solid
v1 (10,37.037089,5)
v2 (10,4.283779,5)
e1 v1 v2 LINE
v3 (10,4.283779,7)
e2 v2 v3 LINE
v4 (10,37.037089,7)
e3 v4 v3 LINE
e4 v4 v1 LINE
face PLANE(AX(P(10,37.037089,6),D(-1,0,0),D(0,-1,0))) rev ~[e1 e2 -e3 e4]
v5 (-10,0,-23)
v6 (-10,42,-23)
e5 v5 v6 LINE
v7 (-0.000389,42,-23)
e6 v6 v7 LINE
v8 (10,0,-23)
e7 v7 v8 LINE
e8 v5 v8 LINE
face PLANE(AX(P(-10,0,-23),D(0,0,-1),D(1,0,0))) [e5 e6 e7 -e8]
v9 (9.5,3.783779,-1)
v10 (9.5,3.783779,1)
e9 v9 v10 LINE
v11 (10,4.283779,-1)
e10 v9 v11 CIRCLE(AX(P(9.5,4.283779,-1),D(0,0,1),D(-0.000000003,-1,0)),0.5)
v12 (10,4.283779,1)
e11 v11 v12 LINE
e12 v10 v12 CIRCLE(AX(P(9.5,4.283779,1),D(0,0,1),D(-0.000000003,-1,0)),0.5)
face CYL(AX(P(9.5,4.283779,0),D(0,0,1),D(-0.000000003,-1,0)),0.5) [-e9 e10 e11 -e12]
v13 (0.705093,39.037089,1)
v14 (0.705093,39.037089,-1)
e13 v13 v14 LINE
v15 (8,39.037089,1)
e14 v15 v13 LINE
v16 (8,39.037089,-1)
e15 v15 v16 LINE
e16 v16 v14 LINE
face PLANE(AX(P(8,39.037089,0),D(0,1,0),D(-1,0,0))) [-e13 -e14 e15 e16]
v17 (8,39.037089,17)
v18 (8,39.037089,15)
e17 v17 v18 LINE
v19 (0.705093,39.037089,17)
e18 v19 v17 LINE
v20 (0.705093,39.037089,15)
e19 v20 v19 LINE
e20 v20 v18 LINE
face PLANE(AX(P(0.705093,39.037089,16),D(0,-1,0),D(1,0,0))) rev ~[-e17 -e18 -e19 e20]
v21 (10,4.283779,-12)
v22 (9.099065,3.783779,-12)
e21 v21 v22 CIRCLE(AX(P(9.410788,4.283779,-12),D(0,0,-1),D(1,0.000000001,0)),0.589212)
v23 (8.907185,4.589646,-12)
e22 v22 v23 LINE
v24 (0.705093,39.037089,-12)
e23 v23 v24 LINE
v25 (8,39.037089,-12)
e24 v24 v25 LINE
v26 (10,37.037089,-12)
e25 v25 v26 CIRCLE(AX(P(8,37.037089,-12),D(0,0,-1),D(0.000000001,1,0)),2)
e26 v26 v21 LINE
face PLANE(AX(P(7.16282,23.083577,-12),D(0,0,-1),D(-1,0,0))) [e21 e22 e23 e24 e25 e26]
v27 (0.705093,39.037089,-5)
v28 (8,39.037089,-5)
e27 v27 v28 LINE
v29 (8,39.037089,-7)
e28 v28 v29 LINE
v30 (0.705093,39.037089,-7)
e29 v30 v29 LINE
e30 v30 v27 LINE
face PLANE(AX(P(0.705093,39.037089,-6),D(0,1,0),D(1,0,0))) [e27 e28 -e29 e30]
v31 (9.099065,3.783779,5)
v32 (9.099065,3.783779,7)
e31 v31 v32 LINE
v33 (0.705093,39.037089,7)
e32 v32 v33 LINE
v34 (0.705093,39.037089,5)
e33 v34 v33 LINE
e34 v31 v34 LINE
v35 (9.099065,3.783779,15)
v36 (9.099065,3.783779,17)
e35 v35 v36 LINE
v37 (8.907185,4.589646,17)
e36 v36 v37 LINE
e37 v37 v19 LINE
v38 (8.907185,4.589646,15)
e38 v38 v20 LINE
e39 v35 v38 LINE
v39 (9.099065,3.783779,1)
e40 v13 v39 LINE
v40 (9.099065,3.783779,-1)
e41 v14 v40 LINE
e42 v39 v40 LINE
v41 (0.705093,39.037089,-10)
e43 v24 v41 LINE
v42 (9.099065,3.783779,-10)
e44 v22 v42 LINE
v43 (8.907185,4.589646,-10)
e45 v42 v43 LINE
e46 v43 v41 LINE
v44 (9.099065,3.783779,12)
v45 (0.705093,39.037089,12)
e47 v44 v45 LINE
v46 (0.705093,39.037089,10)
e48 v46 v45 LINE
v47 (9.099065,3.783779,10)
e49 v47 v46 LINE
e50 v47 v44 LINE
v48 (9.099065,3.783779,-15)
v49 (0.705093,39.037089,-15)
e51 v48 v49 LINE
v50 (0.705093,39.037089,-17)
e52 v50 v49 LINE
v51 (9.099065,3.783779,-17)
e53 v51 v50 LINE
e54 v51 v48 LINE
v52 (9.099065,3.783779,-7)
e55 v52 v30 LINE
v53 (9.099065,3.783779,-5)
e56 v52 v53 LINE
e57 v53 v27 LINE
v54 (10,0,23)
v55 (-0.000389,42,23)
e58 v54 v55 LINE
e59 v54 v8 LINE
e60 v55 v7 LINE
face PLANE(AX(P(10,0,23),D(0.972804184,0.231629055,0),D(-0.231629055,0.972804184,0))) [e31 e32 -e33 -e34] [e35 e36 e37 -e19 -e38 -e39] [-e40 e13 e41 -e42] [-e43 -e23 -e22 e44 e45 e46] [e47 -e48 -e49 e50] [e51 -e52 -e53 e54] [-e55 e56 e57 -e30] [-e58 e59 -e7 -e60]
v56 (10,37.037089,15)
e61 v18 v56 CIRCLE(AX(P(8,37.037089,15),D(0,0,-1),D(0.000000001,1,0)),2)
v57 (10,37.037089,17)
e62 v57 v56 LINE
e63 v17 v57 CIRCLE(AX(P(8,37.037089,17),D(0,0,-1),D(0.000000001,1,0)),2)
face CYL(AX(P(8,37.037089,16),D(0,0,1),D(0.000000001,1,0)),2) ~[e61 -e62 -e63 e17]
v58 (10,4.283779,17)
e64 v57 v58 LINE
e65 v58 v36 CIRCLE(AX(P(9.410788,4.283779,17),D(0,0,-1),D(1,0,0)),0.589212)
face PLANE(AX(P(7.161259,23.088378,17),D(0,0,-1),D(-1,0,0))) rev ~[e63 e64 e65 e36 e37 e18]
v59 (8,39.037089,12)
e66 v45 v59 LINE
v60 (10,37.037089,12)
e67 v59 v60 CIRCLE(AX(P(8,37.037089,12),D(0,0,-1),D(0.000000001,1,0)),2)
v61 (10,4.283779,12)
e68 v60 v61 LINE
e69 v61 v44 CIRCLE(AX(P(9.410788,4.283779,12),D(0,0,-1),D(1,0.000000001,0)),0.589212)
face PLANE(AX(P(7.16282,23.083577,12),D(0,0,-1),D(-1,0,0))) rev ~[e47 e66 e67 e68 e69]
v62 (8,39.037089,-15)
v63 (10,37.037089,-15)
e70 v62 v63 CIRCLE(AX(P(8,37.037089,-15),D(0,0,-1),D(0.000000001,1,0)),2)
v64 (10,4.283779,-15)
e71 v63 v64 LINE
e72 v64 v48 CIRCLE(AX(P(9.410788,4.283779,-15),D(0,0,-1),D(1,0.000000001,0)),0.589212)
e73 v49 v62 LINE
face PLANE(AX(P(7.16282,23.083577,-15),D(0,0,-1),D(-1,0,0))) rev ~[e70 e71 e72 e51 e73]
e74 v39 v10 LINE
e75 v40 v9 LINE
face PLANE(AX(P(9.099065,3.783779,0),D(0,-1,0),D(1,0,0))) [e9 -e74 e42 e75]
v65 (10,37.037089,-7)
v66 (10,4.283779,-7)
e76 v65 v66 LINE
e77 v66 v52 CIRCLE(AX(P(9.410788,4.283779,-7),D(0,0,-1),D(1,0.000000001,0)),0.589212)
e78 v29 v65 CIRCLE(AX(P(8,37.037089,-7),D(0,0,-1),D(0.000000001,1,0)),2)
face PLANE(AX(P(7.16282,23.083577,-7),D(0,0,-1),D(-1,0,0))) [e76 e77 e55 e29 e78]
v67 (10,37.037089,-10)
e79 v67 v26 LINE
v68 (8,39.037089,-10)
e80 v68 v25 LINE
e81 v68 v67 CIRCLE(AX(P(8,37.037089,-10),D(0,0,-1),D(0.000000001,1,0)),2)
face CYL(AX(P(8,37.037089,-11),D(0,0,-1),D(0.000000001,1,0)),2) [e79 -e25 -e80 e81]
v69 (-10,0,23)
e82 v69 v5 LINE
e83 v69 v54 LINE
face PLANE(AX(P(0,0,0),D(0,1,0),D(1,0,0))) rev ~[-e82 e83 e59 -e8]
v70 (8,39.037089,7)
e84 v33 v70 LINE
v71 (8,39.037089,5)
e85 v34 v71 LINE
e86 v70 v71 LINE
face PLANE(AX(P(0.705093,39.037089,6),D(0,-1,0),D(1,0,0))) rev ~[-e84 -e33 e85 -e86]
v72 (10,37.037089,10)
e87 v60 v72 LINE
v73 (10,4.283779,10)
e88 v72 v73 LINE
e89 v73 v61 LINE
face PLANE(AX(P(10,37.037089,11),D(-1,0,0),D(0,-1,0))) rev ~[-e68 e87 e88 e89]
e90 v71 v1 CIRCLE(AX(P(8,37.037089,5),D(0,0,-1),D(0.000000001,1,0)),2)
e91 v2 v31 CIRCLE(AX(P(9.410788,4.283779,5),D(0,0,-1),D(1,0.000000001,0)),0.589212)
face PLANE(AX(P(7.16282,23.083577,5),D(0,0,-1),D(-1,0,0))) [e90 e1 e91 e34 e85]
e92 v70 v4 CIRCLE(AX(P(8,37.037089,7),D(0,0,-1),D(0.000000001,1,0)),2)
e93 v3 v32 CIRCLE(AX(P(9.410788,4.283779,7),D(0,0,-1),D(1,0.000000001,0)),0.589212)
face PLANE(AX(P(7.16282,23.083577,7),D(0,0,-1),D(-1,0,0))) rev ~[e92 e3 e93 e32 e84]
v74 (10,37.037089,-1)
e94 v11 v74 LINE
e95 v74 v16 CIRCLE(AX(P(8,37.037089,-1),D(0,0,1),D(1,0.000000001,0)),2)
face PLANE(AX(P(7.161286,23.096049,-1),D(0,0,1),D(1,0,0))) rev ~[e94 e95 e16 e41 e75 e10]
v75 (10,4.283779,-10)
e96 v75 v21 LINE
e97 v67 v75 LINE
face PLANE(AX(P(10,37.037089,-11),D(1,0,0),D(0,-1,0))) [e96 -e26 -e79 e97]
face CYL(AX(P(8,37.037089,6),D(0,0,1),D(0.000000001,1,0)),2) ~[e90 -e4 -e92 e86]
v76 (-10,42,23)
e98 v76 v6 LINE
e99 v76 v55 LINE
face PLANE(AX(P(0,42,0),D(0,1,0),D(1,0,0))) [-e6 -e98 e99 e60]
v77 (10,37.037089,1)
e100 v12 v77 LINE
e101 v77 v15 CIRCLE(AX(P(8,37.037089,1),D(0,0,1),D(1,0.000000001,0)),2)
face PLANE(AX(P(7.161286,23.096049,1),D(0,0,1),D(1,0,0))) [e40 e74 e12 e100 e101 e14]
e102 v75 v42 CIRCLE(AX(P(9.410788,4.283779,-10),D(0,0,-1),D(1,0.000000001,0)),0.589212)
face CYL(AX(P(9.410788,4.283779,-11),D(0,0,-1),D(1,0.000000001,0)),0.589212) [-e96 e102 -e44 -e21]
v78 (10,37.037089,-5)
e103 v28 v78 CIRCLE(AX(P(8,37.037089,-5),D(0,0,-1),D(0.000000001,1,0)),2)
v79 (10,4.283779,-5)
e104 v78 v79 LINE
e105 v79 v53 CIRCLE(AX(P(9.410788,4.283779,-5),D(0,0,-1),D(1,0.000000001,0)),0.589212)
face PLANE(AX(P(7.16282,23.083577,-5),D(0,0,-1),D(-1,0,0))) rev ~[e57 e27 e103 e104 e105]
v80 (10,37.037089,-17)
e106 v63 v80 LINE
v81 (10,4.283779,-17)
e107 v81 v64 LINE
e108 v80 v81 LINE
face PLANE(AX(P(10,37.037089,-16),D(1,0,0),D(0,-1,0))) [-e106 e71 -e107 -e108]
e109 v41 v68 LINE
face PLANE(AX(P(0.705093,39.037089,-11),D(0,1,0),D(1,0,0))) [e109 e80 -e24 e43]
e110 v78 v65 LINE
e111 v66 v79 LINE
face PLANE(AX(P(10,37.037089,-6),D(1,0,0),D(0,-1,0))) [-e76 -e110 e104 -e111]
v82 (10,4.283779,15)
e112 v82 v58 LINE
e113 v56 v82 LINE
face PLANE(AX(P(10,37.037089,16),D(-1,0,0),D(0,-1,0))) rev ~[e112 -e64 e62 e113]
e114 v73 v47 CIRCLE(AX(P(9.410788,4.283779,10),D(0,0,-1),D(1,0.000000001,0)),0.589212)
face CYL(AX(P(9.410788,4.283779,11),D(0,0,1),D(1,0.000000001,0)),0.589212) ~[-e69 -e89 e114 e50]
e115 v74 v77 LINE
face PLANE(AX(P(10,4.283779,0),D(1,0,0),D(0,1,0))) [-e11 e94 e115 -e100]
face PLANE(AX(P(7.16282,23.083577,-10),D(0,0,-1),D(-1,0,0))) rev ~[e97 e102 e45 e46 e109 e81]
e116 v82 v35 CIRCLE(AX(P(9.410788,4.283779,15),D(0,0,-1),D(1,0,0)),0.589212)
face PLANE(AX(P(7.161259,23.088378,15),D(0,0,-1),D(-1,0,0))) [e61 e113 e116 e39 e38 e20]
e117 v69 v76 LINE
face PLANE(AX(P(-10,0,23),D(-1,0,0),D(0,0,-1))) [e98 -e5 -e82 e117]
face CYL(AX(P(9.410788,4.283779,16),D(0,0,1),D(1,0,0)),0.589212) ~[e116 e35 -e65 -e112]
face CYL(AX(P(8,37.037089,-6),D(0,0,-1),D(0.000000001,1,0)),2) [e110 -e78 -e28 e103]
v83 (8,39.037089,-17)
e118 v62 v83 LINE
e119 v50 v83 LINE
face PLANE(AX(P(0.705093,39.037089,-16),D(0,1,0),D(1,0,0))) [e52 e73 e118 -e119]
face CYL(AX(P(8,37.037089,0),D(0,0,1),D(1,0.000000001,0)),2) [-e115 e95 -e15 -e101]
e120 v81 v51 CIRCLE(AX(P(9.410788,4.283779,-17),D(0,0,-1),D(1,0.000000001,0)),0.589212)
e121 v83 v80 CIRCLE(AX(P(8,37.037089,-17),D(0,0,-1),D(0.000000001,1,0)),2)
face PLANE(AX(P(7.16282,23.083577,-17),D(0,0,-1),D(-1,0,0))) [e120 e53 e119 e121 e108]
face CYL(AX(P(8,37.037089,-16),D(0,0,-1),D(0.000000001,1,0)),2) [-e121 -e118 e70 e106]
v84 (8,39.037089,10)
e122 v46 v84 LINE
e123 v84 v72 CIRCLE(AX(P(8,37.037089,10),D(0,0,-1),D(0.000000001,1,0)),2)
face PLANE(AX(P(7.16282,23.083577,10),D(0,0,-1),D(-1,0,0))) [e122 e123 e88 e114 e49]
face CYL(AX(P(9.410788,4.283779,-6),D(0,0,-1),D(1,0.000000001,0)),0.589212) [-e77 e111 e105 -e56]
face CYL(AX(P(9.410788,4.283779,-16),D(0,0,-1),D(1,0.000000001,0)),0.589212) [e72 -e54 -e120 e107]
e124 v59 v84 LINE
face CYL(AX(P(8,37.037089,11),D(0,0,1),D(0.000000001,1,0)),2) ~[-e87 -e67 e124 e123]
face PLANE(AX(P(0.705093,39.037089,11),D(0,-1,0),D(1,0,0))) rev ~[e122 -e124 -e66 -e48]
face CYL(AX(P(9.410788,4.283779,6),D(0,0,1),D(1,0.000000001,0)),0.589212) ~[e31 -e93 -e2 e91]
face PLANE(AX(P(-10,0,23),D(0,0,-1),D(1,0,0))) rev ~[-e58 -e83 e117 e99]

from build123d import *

# Parameters (mm, degrees)
CROQUIS1_W               = 20
CROQUIS1_H               = 46
SALIENTE_EXTRUIR1_DEPTH  = 42
CORTAR_EXTRUIR1_DEPTH    = 64.087241182
SALIENTE_EXTRUIR4_DEPTH  = 1
SALIENTE_EXTRUIR5_DEPTH  = 1
SALIENTE_EXTRUIR6_DEPTH  = 1
SALIENTE_EXTRUIR7_DEPTH  = 1
SALIENTE_EXTRUIR8_DEPTH  = 1
SALIENTE_EXTRUIR9_DEPTH  = 1
SALIENTE_EXTRUIR10_DEPTH = 1


with BuildPart() as part:
    # Croquis1 → Saliente-Extruir1 (new body)
    with BuildSketch(Plane(origin=(0, 0, 0), x_dir=(1, 0, 0), z_dir=(0, 1, 0))):
        Rectangle(CROQUIS1_W, CROQUIS1_H)
    extrude(amount=SALIENTE_EXTRUIR1_DEPTH)

    # Croquis2 → Cortar-Extruir1 (cut, through all)
    with BuildSketch(Plane.XY.offset(23)):
        Polygon((10, 0), (-0.19167841, 42.803384109), (10, 42), align=None)
    extrude(amount=-CORTAR_EXTRUIR1_DEPTH, mode=Mode.SUBTRACT)

    # Croquis3 → Saliente-Extruir4 (add, symmetric)
    with BuildSketch(Plane.XY):
        with BuildLine():
            Line((9.099065282, 3.783778611), (9.5, 3.783778611))
            ThreePointArc((9.5, 3.783778611), (9.853553391, 3.93022522), (10, 4.283778611))
            Line((10, 4.283778611), (10, 37.037089462))
            ThreePointArc((10, 37.037089462), (9.414213562, 38.451303024), (8, 39.037089462))
            Line((8, 39.037089462), (0.705093297, 39.037089462))
            Line((0.705093297, 39.037089462), (9.099065282, 3.783778611))
        make_face()
    extrude(amount=SALIENTE_EXTRUIR4_DEPTH, both=True)

    # Croquis5 → Saliente-Extruir5 (add, symmetric)
    with BuildSketch(Plane.XY.offset(6)):
        with BuildLine():
            Line((0.705093297, 39.037089462), (8, 39.037089462))
            ThreePointArc((8, 39.037089462), (9.414213562, 38.451303024), (10, 37.037089462))
            Line((10, 37.037089462), (10, 4.283778611))
            ThreePointArc((10, 4.283778611), (9.696707623, 3.768588508), (9.099065282, 3.783778611))
            Line((9.099065282, 3.783778611), (0.705093297, 39.037089462))
        make_face()
    extrude(amount=SALIENTE_EXTRUIR5_DEPTH, both=True)

    # Croquis6 → Saliente-Extruir6 (add, symmetric)
    with BuildSketch(Plane.XY.offset(11)):
        with BuildLine():
            Line((0.705093297, 39.037089462), (8, 39.037089462))
            ThreePointArc((8, 39.037089462), (9.414213562, 38.451303024), (10, 37.037089462))
            Line((10, 37.037089462), (10, 4.283778611))
            ThreePointArc((10, 4.283778611), (9.696707623, 3.768588508), (9.099065282, 3.783778611))
            Line((9.099065282, 3.783778611), (0.705093297, 39.037089462))
        make_face()
    extrude(amount=SALIENTE_EXTRUIR6_DEPTH, both=True)

    # Croquis7 → Saliente-Extruir7 (add, symmetric)
    with BuildSketch(Plane.XY.offset(16)):
        with BuildLine():
            Line((0.705093297, 39.037089462), (8, 39.037089462))
            ThreePointArc((8, 39.037089462), (9.414213562, 38.451303024), (10, 37.037089462))
            Line((10, 37.037089462), (10, 4.283778611))
            ThreePointArc((10, 4.283778611), (9.251976893, 3.716372197), (8.907184659, 4.589645878))
            Line((8.907184659, 4.589645878), (0.705093297, 39.037089462))
        make_face()
    extrude(amount=SALIENTE_EXTRUIR7_DEPTH, both=True)

    # Croquis9 → Saliente-Extruir8 (add, symmetric)
    with BuildSketch(Plane(origin=(0, 0, -6), x_dir=(-1, 0, 0), z_dir=(0, 0, -1))):
        with BuildLine():
            Line((-0.705093297, 39.037089462), (-8, 39.037089462))
            ThreePointArc((-8, 39.037089462), (-9.414213562, 38.451303024), (-10, 37.037089462))
            Line((-10, 37.037089462), (-10, 4.283778611))
            ThreePointArc((-10, 4.283778611), (-9.696707623, 3.768588508), (-9.099065282, 3.783778611))
            Line((-9.099065282, 3.783778611), (-0.705093297, 39.037089462))
        make_face()
    extrude(amount=SALIENTE_EXTRUIR8_DEPTH, both=True)

    # Croquis10 → Saliente-Extruir9 (add, symmetric)
    with BuildSketch(Plane(origin=(0, 0, -11), x_dir=(-1, 0, 0), z_dir=(0, 0, -1))):
        with BuildLine():
            Line((-0.705093297, 39.037089462), (-8, 39.037089462))
            ThreePointArc((-8, 39.037089462), (-9.414213562, 38.451303024), (-10, 37.037089462))
            Line((-10, 37.037089462), (-10, 4.283778611))
            ThreePointArc((-10, 4.283778611), (-9.696707623, 3.768588508), (-9.099065282, 3.783778611))
            Line((-9.099065282, 3.783778611), (-8.907184659, 4.589645878))
            Line((-8.907184659, 4.589645878), (-0.705093297, 39.037089462))
        make_face()
    extrude(amount=SALIENTE_EXTRUIR9_DEPTH, both=True)

    # Croquis11 → Saliente-Extruir10 (add, symmetric)
    with BuildSketch(Plane(origin=(0, 0, -16), x_dir=(-1, 0, 0), z_dir=(0, 0, -1))):
        with BuildLine():
            Line((-0.705093297, 39.037089462), (-8, 39.037089462))
            ThreePointArc((-8, 39.037089462), (-9.414213562, 38.451303024), (-10, 37.037089462))
            Line((-10, 37.037089462), (-10, 4.283778611))
            ThreePointArc((-10, 4.283778611), (-9.696707623, 3.768588508), (-9.099065282, 3.783778611))
            Line((-9.099065282, 3.783778611), (-0.705093297, 39.037089462))
        make_face()
    extrude(amount=SALIENTE_EXTRUIR10_DEPTH, both=True)


solid = part.part
